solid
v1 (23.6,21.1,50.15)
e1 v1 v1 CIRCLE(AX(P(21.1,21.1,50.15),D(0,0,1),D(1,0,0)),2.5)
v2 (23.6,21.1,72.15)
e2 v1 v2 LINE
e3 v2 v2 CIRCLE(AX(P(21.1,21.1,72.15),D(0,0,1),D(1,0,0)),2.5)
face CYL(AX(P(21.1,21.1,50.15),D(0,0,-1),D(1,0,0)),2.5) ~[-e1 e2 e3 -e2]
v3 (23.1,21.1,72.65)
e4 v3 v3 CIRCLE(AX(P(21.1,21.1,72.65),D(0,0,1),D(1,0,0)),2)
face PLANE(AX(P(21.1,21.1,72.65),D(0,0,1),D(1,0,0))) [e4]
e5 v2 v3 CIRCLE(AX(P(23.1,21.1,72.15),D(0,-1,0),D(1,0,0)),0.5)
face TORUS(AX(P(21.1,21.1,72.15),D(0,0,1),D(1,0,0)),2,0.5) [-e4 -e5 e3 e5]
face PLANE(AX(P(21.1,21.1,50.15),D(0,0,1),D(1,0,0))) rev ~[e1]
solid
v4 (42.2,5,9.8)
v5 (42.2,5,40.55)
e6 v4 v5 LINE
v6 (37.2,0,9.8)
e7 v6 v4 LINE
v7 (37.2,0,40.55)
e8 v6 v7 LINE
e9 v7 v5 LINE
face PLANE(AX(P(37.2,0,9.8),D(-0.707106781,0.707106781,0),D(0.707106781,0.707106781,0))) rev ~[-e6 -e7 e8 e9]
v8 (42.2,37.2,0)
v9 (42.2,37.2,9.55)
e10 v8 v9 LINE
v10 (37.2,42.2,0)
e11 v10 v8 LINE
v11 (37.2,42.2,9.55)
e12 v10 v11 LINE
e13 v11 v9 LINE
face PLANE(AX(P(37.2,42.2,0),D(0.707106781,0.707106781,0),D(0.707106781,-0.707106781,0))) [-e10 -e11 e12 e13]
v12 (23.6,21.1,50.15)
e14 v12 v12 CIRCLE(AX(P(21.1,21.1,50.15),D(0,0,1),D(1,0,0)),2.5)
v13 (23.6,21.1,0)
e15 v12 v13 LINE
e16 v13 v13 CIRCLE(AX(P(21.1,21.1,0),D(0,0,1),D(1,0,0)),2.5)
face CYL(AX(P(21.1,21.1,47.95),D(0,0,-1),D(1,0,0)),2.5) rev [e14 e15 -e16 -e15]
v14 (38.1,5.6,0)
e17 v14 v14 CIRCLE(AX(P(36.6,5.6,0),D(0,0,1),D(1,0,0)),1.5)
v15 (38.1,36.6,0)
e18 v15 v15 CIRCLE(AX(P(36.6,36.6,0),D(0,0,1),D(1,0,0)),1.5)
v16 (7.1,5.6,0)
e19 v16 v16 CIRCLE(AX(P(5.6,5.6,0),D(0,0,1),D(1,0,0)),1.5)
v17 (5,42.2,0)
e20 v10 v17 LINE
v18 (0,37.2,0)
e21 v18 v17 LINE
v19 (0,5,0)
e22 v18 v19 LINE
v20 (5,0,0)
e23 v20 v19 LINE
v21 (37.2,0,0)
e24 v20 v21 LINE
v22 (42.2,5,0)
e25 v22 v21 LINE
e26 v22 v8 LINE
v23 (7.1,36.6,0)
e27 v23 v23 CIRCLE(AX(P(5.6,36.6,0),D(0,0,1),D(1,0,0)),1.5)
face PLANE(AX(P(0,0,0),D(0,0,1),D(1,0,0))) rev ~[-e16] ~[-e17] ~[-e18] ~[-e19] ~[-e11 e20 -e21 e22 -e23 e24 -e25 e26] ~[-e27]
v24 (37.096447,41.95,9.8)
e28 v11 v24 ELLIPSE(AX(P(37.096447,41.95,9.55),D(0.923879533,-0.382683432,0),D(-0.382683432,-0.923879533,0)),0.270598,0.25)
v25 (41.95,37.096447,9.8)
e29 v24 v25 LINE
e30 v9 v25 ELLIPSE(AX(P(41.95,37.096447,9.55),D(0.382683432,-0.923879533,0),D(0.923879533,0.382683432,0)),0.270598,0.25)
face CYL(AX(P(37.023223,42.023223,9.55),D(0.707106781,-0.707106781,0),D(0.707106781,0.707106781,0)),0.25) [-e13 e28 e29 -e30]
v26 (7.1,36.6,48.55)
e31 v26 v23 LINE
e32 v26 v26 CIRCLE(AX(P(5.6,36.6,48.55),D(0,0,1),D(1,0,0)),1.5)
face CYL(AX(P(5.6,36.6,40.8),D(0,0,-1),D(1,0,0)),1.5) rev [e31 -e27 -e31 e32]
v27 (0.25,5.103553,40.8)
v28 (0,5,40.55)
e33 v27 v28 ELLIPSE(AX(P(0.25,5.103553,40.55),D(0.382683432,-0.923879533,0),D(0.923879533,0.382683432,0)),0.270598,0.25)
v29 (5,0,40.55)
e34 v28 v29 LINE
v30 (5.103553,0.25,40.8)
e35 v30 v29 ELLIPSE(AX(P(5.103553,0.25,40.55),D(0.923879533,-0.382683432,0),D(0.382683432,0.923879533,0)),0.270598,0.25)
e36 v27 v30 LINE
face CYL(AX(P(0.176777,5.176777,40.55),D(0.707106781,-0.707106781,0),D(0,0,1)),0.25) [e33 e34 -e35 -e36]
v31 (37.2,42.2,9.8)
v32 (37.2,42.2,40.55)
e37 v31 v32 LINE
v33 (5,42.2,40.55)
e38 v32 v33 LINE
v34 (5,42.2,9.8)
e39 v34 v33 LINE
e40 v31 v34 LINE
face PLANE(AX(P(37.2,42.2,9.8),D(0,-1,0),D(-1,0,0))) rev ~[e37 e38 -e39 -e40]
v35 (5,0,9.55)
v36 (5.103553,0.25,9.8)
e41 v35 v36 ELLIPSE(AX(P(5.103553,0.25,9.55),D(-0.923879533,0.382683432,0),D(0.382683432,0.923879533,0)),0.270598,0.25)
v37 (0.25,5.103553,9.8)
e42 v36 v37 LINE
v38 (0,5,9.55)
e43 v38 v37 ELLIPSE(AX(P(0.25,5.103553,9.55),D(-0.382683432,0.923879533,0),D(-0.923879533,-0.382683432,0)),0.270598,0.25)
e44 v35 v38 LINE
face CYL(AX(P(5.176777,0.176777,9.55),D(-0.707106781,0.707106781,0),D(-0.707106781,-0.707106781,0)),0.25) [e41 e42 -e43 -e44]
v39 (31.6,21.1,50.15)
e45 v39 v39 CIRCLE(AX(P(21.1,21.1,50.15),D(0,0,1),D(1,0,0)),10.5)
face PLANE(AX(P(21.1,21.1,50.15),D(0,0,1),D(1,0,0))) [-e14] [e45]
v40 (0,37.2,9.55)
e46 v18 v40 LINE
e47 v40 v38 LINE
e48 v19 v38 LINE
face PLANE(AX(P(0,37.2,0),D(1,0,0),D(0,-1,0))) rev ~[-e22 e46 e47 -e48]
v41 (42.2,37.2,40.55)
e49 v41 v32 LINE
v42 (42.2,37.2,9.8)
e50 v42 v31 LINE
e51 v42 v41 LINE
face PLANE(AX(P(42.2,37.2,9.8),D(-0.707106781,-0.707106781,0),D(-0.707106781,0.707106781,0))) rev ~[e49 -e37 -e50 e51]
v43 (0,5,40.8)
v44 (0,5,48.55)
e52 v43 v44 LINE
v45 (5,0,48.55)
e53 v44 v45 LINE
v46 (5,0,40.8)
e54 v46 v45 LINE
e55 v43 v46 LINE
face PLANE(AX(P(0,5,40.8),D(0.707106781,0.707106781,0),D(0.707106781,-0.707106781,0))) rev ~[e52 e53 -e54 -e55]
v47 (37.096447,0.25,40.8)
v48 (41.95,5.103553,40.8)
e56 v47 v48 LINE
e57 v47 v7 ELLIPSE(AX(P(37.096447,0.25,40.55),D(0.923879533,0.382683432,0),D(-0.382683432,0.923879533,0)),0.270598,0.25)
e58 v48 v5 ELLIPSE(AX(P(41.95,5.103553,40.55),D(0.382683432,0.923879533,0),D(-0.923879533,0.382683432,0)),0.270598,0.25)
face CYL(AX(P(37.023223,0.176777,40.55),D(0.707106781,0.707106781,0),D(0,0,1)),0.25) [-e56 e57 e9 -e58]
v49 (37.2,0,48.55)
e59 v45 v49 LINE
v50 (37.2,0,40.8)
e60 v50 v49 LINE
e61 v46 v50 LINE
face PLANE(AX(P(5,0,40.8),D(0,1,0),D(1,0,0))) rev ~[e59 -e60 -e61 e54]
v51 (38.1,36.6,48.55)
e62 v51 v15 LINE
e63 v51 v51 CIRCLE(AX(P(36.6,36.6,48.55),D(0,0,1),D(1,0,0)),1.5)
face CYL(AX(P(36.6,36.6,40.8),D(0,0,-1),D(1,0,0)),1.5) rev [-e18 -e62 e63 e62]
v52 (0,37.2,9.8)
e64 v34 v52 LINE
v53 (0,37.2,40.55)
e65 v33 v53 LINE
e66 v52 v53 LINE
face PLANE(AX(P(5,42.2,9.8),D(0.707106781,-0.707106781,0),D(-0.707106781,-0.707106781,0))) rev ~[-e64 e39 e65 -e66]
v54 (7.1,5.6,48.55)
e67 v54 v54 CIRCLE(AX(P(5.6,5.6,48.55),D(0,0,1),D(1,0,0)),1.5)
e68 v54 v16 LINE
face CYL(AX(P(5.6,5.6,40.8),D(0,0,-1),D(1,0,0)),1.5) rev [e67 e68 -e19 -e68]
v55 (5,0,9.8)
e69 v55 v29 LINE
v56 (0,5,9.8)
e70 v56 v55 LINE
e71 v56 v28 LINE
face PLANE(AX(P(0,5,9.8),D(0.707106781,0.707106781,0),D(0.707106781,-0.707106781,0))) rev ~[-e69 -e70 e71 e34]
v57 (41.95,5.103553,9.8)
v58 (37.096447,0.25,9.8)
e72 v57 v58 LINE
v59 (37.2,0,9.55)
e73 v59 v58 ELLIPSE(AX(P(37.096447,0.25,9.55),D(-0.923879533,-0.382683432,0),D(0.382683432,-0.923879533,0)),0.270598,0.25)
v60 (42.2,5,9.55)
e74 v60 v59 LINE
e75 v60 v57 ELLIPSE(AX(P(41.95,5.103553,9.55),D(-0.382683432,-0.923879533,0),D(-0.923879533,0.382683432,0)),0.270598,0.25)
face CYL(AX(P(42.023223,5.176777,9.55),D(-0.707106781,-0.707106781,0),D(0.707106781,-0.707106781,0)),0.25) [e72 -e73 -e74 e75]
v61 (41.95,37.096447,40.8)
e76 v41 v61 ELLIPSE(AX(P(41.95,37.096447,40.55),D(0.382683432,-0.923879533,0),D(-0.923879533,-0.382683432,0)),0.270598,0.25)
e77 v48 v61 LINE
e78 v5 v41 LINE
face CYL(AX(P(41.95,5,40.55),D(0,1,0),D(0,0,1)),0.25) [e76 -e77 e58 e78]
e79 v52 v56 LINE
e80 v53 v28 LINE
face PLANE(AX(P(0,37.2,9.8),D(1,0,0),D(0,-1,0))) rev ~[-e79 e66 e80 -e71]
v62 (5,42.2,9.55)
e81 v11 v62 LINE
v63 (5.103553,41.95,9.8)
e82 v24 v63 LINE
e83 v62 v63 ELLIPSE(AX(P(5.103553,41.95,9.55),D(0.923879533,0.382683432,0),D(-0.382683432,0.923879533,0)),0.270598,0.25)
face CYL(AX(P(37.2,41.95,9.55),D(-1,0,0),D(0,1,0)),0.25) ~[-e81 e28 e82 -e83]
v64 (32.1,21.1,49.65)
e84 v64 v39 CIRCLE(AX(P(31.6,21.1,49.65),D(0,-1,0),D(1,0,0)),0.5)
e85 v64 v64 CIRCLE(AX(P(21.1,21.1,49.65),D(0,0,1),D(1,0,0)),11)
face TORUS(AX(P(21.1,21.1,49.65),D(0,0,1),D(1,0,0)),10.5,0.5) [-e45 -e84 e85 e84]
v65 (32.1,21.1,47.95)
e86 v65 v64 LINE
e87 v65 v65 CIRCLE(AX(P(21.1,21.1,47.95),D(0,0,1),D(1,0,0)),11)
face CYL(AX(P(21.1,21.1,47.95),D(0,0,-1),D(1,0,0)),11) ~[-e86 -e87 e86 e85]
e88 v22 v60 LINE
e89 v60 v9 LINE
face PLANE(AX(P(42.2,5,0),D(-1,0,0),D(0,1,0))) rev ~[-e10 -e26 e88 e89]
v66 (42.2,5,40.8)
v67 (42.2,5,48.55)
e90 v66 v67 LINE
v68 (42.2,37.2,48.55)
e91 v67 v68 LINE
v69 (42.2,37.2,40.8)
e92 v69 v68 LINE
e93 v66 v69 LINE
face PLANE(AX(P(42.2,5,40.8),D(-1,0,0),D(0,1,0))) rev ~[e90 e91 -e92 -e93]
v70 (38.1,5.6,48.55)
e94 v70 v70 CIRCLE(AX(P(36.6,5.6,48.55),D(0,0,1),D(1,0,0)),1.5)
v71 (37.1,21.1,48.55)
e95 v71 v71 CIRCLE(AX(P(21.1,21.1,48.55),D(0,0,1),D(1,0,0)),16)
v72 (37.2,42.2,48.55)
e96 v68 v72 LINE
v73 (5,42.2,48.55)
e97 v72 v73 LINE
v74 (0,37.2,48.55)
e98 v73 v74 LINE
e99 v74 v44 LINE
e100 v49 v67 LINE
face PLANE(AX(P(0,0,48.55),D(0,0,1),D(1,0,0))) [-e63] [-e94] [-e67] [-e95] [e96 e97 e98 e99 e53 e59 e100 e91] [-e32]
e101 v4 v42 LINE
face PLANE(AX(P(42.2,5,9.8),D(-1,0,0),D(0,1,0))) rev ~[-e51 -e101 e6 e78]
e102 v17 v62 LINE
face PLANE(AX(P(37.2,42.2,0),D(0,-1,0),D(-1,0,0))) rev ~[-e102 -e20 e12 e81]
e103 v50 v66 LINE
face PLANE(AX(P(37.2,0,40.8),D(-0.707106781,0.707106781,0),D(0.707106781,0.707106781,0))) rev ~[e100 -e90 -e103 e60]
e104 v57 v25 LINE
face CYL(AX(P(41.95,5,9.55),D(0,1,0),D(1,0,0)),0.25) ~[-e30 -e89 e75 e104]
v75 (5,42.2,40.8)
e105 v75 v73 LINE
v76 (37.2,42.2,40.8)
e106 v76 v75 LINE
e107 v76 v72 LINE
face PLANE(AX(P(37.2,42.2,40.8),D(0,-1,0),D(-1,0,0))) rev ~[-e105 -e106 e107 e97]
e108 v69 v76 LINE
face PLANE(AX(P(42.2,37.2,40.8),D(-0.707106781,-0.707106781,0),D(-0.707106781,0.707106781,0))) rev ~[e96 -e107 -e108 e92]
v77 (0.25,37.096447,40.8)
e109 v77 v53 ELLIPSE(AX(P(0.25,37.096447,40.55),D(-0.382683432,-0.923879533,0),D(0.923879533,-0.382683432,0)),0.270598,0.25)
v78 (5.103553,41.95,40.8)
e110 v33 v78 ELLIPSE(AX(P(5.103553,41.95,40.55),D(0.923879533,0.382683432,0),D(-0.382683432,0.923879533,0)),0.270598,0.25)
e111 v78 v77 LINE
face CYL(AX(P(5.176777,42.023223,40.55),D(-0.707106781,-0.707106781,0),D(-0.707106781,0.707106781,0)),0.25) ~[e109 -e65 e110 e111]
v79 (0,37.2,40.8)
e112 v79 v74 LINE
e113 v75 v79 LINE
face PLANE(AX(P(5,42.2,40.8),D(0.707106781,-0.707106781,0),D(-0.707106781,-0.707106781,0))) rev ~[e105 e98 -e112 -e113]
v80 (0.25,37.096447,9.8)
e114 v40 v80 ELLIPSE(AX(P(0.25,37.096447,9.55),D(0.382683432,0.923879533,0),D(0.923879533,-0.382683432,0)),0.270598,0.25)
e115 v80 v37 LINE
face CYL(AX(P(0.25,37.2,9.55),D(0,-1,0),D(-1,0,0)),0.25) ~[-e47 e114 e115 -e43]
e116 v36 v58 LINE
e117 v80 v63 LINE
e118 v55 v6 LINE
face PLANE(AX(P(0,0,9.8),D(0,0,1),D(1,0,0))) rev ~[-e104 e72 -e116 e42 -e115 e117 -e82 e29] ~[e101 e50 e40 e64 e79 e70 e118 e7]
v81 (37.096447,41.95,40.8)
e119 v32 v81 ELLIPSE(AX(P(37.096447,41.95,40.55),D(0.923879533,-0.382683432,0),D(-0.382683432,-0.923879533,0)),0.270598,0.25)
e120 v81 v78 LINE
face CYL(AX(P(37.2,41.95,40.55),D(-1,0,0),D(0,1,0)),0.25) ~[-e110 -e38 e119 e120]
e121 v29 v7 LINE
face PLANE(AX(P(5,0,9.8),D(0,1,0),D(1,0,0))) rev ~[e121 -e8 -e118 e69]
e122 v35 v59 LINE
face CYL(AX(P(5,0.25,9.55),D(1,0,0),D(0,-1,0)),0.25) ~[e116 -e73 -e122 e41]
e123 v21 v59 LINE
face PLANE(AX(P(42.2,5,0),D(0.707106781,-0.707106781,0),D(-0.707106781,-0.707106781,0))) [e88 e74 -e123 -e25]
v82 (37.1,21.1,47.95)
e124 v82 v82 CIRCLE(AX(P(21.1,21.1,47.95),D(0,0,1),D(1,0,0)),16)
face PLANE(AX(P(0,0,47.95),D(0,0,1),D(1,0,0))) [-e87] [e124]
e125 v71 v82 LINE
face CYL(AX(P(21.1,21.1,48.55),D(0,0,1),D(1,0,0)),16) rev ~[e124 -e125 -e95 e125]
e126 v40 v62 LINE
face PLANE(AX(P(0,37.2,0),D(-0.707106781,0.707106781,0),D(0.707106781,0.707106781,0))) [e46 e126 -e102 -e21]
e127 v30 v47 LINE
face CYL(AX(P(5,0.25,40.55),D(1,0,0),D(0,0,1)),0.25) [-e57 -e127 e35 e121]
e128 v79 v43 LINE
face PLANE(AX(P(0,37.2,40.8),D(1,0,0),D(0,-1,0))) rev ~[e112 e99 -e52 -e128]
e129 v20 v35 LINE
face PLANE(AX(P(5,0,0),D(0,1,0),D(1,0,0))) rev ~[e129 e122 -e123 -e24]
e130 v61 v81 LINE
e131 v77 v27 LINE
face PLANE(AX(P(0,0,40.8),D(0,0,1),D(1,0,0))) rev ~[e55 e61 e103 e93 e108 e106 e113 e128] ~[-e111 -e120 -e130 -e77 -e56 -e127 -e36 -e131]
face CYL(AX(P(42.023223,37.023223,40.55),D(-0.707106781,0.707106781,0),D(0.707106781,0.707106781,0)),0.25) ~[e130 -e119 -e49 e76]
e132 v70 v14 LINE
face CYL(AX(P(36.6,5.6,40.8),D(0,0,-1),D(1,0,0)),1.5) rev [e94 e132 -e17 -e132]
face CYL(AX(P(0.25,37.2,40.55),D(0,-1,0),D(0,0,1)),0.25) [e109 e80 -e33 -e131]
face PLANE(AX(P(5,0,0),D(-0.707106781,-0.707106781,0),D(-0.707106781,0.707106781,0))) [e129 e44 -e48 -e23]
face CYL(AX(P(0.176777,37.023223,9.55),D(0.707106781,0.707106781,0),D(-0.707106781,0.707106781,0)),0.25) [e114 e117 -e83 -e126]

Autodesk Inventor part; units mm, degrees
ref_plane "YZ Plane" through (0, 0, 0) normal (1, 0, 0) x (0, 1, 0)
ref_plane "XZ Plane" through (0, 0, 0) normal (0, 1, 0) x (-1, 0, 0)
ref_plane "XY Plane" through (0, 0, 0) normal (0, 0, 1) x (1, 0, 0)
sketch "Sketch1" plane through (0, 0, 0) normal (0, 0, 1) x (1, 0, 0)
  line L0 (0, 37.2) -> (5, 42.2)
  line L1 (37.2, 42.2) -> (42.2, 37.2)
  line L2 (42.2, 5) -> (37.2, 0)
  line L3 (5, 0) -> (0, 5)
  line L4 (0, 37.2) -> (0, 5)
  line L5 (37.2, 42.2) -> (5, 42.2)
  line L6 (42.2, 5) -> (42.2, 37.2)
  line L7 (5, 0) -> (37.2, 0)
  line L8 (0, 5) -> (0, 0)
  circle A0 centre (21.1, 21.1) radius 2.5
  circle A1 centre (5.6, 36.6) radius 1.5
  circle A2 centre (36.6, 36.6) radius 1.5
  circle A3 centre (36.6, 5.6) radius 1.5
  circle A4 centre (5.6, 5.6) radius 1.5
  dimension "d8" = 5
  dimension "d9" = 5
  dimension "d10" = 5
  dimension "d11" = 21.1
  dimension "d12" = 21.1
  dimension "d13" = 3
  dimension "d14" = 3
  dimension "d15" = 3
  dimension "d16" = 3
  dimension "d17" = 31
  dimension "d18" = 31
  dimension "d19" = 31
  dimension "d20" = 31
  dimension "d21" = 5.6
  dimension "d22" = 5.6
  dimension "d43" = 5.6
  dimension "d44" = 5.6
  dimension "d45" = 5.6
  dimension "d46" = 5.6
  dimension "d47" = 42.2
extrude "Extrusion1" add sketch "Sketch1" along normal blind 9.8
sketch "Sketch2" plane through (0, 0, 9.8) normal (0, 0, 1) x (1, 0, 0)
  circle A0 centre (21.1, 21.1) radius 2.5 projected
  circle A1 centre (5.6, 5.6) radius 1.5 projected
  circle A2 centre (36.6, 5.6) radius 1.5 projected
  circle A3 centre (36.6, 36.6) radius 1.5 projected
  circle A4 centre (5.6, 36.6) radius 1.5 projected
  line L0 (5, 42.2) -> (0, 37.2) projected
  line L1 (0, 37.2) -> (0, 5) projected
  line L2 (0, 5) -> (5, 0) projected
  line L3 (5, 0) -> (37.2, 0) projected
  line L4 (37.2, 0) -> (42.2, 5) projected
  line L5 (42.2, 5) -> (42.2, 37.2) projected
  line L6 (42.2, 37.2) -> (37.2, 42.2) projected
  line L7 (37.2, 42.2) -> (5, 42.2) projected
  point P0 (0, 0)
fillet "Fillet1" radius 0.25 8 edges at (21.1, 42.2, 9.8) (39.7, 39.7, 9.8) (42.2, 21.1, 9.8) (39.7, 2.5, 9.8) (21.1, 0, 9.8) (2.5, 2.5, 9.8) (0, 21.1, 9.8) (2.5, 39.7, 9.8)
extrude "Extrusion2" add sketch "Sketch2" along normal blind 31
sketch "Sketch3" plane through (0, 0, 40.8) normal (0, 0, 1) x (1, 0, 0)
  circle A0 centre (21.1, 21.1) radius 2.5 projected
  circle A1 centre (5.6, 36.6) radius 1.5 projected
  circle A2 centre (36.6, 36.6) radius 1.5 projected
  circle A3 centre (36.6, 5.6) radius 1.5 projected
  circle A4 centre (5.6, 5.6) radius 1.5 projected
  line L0 (5, 42.2) -> (0, 37.2) projected
  line L1 (0, 37.2) -> (0, 5) projected
  line L2 (0, 5) -> (5, 0) projected
  line L3 (5, 0) -> (37.2, 0) projected
  line L4 (37.2, 0) -> (42.2, 5) projected
  line L5 (42.2, 5) -> (42.2, 37.2) projected
  line L6 (42.2, 37.2) -> (37.2, 42.2) projected
  line L7 (37.2, 42.2) -> (5, 42.2) projected
  point P0 (0, 0)
fillet "Fillet2" radius 0.25 8 edges at (21.1, 42.2, 40.8) (39.7, 39.7, 40.8) (42.2, 21.1, 40.8) (39.7, 2.5, 40.8) (21.1, 0, 40.8) (2.5, 2.5, 40.8) (0, 21.1, 40.8) (2.5, 39.7, 40.8)
extrude "Extrusion3" add sketch "Sketch3" along normal blind 7.75
sketch "Sketch4" plane through (0, 0, 48.55) normal (0, 0, 1) x (1, 0, 0)
  circle A0 centre (21.1, 21.1) radius 2.5 projected
  circle A1 centre (21.1, 21.1) radius 16
  point P0 (0, 0)
  dimension "d31" = 32
extrude "Extrusion4" cut sketch "Sketch4" against normal blind 0.6
sketch "Sketch5" plane through (21.1, 21.1, 47.95) normal (0, 0, 1) x (1, 0, 0)
  circle A0 centre (0, 0) radius 2.5 projected
  circle A1 centre (0, 0) radius 16 projected
  circle A2 centre (0, 0) radius 11
  point P0 (-21.1, -21.1)
  dimension "d35" = 22
extrude "Extrusion5" add sketch "Sketch5" along normal blind 2.2 contours A2
fillet "Fillet3" radius 0.5 1 edges at (10.1, 21.1, 50.15)
sketch "Sketch6" plane through (21.1, 21.1, 50.15) normal (0, 0, 1) x (1, 0, 0)
  circle A0 centre (0, 0) radius 2.5 projected
  point P0 (-21.1, -21.1)
extrude "Extrusion6" add sketch "Sketch6" along normal blind 22.5
fillet "Fillet4" radius 0.5 1 edges at (18.6, 21.1, 72.65)
properties part number "Nema 17 stepper motor"
